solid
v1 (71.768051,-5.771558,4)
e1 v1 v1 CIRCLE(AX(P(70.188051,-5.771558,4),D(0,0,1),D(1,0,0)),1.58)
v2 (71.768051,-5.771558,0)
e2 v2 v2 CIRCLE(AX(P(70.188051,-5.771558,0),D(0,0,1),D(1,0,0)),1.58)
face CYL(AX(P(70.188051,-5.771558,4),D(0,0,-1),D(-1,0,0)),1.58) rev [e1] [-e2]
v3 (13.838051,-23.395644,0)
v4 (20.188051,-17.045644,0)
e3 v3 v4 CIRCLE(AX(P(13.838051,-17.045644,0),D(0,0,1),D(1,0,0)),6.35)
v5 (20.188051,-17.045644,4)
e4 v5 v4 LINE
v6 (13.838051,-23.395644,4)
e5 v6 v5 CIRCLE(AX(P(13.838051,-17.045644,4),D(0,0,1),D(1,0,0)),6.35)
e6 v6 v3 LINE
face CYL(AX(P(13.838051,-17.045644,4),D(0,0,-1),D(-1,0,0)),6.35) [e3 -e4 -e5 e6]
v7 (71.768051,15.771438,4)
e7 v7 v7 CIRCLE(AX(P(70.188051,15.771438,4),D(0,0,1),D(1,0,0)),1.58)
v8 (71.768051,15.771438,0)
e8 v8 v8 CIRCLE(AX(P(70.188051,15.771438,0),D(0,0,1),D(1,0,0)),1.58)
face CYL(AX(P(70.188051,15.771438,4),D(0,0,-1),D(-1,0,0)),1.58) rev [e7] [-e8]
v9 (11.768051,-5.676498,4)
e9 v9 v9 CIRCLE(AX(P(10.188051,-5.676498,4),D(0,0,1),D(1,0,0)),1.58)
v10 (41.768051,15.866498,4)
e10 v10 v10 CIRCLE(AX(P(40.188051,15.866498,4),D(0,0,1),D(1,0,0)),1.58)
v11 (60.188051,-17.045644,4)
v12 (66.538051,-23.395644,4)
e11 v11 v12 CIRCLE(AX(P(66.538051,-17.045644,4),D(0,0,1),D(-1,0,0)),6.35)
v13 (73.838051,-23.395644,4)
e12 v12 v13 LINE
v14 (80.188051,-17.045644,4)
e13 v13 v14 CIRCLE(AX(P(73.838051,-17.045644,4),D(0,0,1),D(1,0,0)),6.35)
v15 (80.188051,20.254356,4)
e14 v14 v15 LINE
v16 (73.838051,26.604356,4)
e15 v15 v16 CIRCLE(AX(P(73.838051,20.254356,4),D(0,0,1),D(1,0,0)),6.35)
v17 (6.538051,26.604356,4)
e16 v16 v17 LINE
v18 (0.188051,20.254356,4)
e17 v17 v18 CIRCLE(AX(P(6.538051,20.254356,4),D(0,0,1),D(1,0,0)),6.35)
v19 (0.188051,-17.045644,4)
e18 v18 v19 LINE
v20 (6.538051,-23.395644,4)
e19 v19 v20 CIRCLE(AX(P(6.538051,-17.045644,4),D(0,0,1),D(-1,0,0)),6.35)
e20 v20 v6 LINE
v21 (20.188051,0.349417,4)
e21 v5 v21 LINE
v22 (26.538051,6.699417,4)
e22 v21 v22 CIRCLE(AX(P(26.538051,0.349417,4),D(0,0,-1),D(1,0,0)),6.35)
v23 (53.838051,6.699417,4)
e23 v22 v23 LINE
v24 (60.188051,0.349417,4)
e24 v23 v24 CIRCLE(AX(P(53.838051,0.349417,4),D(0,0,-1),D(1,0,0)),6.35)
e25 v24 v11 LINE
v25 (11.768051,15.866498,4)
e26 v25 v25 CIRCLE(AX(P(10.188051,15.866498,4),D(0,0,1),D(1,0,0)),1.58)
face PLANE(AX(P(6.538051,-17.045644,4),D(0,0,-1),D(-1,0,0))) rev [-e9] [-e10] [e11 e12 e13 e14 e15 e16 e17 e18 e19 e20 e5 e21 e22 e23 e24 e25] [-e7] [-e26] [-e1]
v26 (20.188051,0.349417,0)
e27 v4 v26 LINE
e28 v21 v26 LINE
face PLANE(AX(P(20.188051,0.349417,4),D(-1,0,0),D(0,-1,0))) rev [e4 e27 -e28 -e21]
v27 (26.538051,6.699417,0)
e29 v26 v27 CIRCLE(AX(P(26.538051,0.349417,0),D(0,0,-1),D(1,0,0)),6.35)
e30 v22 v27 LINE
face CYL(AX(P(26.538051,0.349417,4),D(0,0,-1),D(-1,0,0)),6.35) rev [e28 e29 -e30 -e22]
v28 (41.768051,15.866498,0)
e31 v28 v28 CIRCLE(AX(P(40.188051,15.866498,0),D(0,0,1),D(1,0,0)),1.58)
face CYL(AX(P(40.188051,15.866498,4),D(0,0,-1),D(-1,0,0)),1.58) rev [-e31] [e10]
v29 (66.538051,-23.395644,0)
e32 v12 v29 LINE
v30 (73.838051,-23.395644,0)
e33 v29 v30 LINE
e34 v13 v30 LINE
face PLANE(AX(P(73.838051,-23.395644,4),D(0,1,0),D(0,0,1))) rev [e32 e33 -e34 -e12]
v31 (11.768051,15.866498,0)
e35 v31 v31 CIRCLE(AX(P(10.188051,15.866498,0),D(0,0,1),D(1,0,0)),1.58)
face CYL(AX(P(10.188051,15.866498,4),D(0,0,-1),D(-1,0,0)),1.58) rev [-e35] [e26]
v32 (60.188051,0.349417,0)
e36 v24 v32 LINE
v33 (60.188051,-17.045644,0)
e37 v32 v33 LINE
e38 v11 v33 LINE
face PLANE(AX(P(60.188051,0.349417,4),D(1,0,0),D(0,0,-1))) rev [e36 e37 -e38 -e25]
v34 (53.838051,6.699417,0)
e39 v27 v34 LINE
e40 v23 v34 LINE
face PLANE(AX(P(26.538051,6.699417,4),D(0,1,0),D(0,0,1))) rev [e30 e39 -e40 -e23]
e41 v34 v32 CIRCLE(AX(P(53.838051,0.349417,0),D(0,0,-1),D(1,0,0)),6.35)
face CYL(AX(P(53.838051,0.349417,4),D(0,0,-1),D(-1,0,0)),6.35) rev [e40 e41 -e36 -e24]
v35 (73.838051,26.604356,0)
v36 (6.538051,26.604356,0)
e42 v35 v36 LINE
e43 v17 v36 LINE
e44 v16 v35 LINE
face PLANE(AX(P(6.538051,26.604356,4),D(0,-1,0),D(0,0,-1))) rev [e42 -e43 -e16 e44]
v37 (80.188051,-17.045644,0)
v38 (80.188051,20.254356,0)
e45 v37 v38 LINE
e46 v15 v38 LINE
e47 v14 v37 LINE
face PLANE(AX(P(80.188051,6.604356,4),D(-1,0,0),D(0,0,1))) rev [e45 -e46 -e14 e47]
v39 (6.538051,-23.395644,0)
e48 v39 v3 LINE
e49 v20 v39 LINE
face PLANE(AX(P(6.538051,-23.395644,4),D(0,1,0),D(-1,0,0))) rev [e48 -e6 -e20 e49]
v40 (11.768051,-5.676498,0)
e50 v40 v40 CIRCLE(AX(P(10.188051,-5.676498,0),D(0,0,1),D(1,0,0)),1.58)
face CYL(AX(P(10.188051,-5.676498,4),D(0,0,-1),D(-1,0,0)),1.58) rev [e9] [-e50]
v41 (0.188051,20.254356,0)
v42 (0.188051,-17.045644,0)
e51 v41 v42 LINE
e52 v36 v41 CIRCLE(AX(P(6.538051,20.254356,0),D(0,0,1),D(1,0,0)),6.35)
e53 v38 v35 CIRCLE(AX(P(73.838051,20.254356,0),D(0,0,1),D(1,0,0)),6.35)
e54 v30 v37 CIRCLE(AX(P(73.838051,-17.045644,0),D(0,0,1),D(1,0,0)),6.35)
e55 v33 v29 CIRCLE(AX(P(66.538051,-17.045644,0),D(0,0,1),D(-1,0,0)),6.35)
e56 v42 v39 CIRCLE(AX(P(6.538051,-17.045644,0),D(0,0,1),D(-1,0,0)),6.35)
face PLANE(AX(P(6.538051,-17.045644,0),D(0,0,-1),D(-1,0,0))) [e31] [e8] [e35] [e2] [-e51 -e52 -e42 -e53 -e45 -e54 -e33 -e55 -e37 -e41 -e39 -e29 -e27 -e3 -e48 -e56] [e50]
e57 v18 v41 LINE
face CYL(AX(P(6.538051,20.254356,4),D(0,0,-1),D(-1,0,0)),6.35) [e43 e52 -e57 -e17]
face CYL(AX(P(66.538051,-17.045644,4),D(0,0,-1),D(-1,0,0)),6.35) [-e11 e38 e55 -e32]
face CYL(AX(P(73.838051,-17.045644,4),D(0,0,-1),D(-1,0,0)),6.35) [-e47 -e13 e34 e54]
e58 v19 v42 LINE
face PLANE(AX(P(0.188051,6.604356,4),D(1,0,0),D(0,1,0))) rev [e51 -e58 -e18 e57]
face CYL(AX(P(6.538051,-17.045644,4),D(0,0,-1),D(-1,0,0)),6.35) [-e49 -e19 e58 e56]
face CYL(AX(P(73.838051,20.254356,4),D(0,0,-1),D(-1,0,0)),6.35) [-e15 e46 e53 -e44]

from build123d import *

# Parameters (mm, degrees)
CROQUIS1_R              = 1.58
SALIENTE_EXTRUIR1_DEPTH = 4


with BuildPart() as part:
    # Croquis1 → Saliente-Extruir1 (new body)
    with BuildSketch(Plane.XY):
        with BuildLine():
            Line((26.538050923, 6.699416954), (53.838050923, 6.699416954))
            ThreePointArc((53.838050923, 6.699416954), (58.328178983, 4.839545014), (60.188050923, 0.349416954))
            Line((60.188050923, 0.349416954), (60.188050923, -17.045643676))
            ThreePointArc((60.188050923, -17.045643676), (62.047922862, -21.535771736), (66.538050923, -23.395643676))
            Line((66.538050923, -23.395643676), (73.838050923, -23.395643676))
            ThreePointArc((73.838050923, -23.395643676), (78.328178983, -21.535771736), (80.188050923, -17.045643676))
            Line((80.188050923, -17.045643676), (80.188050923, 6.604356324))
            Line((80.188050923, 6.604356324), (80.188050923, 20.254356324))
            ThreePointArc((80.188050923, 20.254356324), (78.328178983, 24.744484385), (73.838050923, 26.604356324))
            Line((73.838050923, 26.604356324), (6.538050923, 26.604356324))
            ThreePointArc((6.538050923, 26.604356324), (2.047922862, 24.744484385), (0.188050923, 20.254356324))
            Line((0.188050923, 20.254356324), (0.188050923, 6.604356324))
            Line((0.188050923, 6.604356324), (0.188050923, -17.045643676))
            ThreePointArc((0.188050923, -17.045643676), (2.047922862, -21.535771736), (6.538050923, -23.395643676))
            Line((6.538050923, -23.395643676), (13.838050923, -23.395643676))
            ThreePointArc((13.838050923, -23.395643676), (18.328178983, -21.535771736), (20.188050923, -17.045643676))
            Line((20.188050923, -17.045643676), (20.188050923, 0.349416954))
            ThreePointArc((20.188050923, 0.349416954), (22.047922862, 4.839545014), (26.538050923, 6.699416954))
        make_face()
        with Locations((40.188050923, 15.866498333)):
            Circle(CROQUIS1_R, mode=Mode.SUBTRACT)
        with Locations((10.188050923, 15.866498333)):
            Circle(CROQUIS1_R, mode=Mode.SUBTRACT)
        with Locations((70.188050923, 15.771437703)):
            Circle(CROQUIS1_R, mode=Mode.SUBTRACT)
        with Locations((10.188050923, -5.676497666)):
            Circle(CROQUIS1_R, mode=Mode.SUBTRACT)
        with Locations((70.188050923, -5.771558296)):
            Circle(CROQUIS1_R, mode=Mode.SUBTRACT)
    extrude(amount=SALIENTE_EXTRUIR1_DEPTH)


solid = part.part
